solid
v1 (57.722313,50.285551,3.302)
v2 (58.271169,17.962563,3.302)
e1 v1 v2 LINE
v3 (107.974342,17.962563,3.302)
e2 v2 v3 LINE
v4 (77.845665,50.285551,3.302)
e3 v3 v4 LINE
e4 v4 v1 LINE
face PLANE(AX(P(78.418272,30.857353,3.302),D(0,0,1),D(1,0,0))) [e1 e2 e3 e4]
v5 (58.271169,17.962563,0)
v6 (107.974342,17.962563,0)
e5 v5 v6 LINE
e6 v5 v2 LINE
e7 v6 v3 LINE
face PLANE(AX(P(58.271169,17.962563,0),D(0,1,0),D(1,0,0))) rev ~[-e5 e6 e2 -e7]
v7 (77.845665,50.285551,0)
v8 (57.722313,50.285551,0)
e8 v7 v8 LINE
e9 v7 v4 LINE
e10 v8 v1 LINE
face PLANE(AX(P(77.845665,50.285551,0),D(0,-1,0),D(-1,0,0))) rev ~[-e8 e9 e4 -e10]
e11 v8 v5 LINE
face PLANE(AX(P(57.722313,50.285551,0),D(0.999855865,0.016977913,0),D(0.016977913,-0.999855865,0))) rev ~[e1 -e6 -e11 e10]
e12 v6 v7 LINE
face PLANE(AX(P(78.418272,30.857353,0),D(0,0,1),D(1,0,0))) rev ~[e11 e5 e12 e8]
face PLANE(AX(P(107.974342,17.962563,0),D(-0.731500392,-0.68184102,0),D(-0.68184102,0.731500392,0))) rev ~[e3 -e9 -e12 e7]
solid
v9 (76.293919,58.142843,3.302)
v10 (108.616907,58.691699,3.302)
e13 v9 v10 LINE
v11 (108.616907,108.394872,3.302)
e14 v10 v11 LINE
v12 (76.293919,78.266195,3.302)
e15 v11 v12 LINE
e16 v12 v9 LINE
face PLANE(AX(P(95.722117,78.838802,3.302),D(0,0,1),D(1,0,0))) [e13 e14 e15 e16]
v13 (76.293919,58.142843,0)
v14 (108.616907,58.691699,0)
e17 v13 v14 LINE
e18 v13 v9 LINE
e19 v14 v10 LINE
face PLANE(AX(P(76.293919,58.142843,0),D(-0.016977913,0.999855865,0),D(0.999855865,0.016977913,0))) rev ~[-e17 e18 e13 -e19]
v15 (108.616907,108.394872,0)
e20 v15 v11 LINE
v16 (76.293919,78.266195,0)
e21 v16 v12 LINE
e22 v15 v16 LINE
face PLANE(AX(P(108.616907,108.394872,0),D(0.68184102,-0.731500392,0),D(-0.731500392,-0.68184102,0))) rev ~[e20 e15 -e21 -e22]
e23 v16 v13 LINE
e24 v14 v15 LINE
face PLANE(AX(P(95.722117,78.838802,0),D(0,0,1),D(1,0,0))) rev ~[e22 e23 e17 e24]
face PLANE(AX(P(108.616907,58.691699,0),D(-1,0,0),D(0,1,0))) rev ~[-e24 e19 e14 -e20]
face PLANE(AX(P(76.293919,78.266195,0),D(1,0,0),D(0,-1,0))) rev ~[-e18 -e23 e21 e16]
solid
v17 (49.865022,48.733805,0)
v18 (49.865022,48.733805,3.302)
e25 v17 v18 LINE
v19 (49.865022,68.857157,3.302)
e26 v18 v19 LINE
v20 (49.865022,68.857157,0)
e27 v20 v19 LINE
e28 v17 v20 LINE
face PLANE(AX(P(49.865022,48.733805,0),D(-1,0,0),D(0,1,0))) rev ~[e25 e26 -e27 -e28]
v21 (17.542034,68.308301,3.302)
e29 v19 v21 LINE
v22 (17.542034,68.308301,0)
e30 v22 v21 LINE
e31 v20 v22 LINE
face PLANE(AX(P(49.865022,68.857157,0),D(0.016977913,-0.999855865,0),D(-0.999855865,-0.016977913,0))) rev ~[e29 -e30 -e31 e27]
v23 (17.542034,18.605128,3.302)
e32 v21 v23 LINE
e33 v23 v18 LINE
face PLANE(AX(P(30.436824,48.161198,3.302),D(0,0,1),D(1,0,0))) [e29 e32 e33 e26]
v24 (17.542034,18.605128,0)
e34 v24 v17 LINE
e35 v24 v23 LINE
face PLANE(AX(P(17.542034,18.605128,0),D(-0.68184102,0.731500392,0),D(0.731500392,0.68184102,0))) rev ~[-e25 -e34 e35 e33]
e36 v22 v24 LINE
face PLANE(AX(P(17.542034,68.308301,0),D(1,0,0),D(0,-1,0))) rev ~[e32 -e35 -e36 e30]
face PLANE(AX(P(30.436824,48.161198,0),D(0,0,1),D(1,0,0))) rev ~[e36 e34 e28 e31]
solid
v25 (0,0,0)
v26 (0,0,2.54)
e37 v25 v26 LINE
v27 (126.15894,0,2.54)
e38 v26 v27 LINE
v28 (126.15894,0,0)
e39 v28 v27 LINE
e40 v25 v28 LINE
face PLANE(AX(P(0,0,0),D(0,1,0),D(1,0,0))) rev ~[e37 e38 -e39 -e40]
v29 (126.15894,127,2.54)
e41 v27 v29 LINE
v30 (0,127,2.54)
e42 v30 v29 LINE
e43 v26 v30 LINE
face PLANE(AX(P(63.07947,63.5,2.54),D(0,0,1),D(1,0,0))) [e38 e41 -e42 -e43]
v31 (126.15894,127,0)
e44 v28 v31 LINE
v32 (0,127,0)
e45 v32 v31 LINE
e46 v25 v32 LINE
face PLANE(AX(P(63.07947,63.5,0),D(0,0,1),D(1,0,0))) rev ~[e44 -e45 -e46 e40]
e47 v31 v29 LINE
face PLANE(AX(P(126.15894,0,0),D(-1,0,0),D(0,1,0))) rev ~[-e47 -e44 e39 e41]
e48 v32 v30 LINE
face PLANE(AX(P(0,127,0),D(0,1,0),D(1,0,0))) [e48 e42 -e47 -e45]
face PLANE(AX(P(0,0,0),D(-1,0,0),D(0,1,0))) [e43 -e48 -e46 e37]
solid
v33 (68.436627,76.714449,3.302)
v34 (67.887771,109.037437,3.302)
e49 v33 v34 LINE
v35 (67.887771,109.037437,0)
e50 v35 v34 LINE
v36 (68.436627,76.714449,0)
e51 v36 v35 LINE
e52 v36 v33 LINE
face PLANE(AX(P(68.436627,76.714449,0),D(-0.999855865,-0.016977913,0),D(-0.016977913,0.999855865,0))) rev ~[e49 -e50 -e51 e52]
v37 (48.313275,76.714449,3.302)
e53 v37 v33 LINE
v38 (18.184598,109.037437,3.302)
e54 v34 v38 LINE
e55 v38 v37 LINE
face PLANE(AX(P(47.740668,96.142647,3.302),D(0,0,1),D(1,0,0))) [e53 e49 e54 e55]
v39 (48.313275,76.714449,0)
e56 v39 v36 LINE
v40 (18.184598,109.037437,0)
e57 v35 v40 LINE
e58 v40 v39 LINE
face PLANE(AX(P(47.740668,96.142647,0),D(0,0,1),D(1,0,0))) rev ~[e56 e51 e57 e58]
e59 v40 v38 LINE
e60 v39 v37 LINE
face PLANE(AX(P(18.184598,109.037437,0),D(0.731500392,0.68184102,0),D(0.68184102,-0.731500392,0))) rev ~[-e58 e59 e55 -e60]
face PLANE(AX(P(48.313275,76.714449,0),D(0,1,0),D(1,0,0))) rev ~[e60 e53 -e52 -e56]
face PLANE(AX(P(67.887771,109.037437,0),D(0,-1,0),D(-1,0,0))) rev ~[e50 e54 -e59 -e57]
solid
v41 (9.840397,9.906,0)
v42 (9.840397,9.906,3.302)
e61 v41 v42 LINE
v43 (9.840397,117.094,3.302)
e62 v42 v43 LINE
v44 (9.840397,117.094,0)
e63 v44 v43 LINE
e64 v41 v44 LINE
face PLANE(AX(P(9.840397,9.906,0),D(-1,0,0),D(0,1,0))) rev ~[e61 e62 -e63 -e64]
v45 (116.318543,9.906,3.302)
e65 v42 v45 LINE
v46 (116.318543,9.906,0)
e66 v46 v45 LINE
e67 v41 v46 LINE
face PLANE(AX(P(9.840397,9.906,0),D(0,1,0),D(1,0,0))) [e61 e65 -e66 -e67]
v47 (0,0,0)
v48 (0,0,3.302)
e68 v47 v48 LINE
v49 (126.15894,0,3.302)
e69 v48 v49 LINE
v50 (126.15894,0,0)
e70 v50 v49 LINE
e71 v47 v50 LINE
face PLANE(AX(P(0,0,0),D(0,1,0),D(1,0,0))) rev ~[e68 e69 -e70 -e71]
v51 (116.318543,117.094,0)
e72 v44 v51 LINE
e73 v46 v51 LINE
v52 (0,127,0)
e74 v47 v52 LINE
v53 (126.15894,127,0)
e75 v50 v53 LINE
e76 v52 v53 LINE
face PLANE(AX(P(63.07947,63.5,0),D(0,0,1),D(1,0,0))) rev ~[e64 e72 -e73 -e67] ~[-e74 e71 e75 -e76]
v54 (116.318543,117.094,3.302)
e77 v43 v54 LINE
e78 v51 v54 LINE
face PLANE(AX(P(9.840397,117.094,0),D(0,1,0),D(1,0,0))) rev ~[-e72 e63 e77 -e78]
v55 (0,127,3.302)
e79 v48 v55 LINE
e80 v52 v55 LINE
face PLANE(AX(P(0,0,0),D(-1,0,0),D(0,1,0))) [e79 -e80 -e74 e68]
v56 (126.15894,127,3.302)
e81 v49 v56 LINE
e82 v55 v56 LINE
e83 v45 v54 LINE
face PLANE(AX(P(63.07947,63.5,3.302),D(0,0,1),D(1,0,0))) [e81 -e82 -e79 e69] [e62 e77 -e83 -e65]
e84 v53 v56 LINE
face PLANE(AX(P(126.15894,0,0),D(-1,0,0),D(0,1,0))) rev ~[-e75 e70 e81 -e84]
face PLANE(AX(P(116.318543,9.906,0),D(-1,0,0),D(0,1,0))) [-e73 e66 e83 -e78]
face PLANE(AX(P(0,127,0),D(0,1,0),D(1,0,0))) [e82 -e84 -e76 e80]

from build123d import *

# Parameters (mm, degrees)
F1_DEPTH = 3.302
F0_W     = 126.1589403974
F0_H     = 127
F0_W_2   = 106.4781456954
F0_H_2   = 107.188
F2_W     = 126.1589403974
F2_H     = 127
F3_DEPTH = 2.54


with BuildPart() as f1:
    # F0 (on Top) → F1 (new body)
    with BuildSketch(Plane.XY):
        Polygon((48.3132749796, 76.7144486308), (68.4366269667, 76.7144486308), (67.8877709749, 109.0374365449), (18.1845979622, 109.0374365449), align=None)
    extrude(amount=F1_DEPTH)


with BuildPart() as f1b:
    # F0 (on Top) → F1, piece 2 (new body)
    with BuildSketch(Plane.XY):
        Polygon((108.6169067436, 58.6916992238), (108.6169067436, 108.3948722365), (76.2939188295, 78.2661952191), (76.2939188295, 58.142843232), align=None)
    extrude(amount=F1_DEPTH)


with BuildPart() as f1c:
    # F0 (on Top) → F1, piece 3 (new body)
    with BuildSketch(Plane.XY):
        Polygon((57.7223134307, 50.2855513692), (58.2711694225, 17.9625634551), (107.9743424352, 17.9625634551), (77.8456654178, 50.2855513692), align=None)
    extrude(amount=F1_DEPTH)


with BuildPart() as f1d:
    # F0 (on Top) → F1, piece 4 (new body)
    with BuildSketch(Plane.XY):
        Polygon((49.8650215679, 68.857156768), (17.5420336538, 68.3083007762), (17.5420336538, 18.6051277635), (49.8650215679, 48.7338047809), align=None)
    extrude(amount=F1_DEPTH)


with BuildPart() as f1e:
    # F0 (on Top) → F1, piece 5 (new body)
    with BuildSketch(Plane.XY):
        with Locations((63.0794701987, 63.5)):
            Rectangle(F0_W, F0_H)
        with Locations((63.0794701987, 63.5)):
            Rectangle(F0_W_2, F0_H_2, mode=Mode.SUBTRACT)
    extrude(amount=F1_DEPTH)


with BuildPart() as f3:
    # F2 (on Top) → F3 (new body)
    with BuildSketch(Plane.XY):
        with Locations((63.0794701987, 63.5)):
            Rectangle(F2_W, F2_H)
    extrude(amount=F3_DEPTH)


solid = Compound([f1.part, f1b.part, f1c.part, f1d.part, f1e.part, f3.part])
